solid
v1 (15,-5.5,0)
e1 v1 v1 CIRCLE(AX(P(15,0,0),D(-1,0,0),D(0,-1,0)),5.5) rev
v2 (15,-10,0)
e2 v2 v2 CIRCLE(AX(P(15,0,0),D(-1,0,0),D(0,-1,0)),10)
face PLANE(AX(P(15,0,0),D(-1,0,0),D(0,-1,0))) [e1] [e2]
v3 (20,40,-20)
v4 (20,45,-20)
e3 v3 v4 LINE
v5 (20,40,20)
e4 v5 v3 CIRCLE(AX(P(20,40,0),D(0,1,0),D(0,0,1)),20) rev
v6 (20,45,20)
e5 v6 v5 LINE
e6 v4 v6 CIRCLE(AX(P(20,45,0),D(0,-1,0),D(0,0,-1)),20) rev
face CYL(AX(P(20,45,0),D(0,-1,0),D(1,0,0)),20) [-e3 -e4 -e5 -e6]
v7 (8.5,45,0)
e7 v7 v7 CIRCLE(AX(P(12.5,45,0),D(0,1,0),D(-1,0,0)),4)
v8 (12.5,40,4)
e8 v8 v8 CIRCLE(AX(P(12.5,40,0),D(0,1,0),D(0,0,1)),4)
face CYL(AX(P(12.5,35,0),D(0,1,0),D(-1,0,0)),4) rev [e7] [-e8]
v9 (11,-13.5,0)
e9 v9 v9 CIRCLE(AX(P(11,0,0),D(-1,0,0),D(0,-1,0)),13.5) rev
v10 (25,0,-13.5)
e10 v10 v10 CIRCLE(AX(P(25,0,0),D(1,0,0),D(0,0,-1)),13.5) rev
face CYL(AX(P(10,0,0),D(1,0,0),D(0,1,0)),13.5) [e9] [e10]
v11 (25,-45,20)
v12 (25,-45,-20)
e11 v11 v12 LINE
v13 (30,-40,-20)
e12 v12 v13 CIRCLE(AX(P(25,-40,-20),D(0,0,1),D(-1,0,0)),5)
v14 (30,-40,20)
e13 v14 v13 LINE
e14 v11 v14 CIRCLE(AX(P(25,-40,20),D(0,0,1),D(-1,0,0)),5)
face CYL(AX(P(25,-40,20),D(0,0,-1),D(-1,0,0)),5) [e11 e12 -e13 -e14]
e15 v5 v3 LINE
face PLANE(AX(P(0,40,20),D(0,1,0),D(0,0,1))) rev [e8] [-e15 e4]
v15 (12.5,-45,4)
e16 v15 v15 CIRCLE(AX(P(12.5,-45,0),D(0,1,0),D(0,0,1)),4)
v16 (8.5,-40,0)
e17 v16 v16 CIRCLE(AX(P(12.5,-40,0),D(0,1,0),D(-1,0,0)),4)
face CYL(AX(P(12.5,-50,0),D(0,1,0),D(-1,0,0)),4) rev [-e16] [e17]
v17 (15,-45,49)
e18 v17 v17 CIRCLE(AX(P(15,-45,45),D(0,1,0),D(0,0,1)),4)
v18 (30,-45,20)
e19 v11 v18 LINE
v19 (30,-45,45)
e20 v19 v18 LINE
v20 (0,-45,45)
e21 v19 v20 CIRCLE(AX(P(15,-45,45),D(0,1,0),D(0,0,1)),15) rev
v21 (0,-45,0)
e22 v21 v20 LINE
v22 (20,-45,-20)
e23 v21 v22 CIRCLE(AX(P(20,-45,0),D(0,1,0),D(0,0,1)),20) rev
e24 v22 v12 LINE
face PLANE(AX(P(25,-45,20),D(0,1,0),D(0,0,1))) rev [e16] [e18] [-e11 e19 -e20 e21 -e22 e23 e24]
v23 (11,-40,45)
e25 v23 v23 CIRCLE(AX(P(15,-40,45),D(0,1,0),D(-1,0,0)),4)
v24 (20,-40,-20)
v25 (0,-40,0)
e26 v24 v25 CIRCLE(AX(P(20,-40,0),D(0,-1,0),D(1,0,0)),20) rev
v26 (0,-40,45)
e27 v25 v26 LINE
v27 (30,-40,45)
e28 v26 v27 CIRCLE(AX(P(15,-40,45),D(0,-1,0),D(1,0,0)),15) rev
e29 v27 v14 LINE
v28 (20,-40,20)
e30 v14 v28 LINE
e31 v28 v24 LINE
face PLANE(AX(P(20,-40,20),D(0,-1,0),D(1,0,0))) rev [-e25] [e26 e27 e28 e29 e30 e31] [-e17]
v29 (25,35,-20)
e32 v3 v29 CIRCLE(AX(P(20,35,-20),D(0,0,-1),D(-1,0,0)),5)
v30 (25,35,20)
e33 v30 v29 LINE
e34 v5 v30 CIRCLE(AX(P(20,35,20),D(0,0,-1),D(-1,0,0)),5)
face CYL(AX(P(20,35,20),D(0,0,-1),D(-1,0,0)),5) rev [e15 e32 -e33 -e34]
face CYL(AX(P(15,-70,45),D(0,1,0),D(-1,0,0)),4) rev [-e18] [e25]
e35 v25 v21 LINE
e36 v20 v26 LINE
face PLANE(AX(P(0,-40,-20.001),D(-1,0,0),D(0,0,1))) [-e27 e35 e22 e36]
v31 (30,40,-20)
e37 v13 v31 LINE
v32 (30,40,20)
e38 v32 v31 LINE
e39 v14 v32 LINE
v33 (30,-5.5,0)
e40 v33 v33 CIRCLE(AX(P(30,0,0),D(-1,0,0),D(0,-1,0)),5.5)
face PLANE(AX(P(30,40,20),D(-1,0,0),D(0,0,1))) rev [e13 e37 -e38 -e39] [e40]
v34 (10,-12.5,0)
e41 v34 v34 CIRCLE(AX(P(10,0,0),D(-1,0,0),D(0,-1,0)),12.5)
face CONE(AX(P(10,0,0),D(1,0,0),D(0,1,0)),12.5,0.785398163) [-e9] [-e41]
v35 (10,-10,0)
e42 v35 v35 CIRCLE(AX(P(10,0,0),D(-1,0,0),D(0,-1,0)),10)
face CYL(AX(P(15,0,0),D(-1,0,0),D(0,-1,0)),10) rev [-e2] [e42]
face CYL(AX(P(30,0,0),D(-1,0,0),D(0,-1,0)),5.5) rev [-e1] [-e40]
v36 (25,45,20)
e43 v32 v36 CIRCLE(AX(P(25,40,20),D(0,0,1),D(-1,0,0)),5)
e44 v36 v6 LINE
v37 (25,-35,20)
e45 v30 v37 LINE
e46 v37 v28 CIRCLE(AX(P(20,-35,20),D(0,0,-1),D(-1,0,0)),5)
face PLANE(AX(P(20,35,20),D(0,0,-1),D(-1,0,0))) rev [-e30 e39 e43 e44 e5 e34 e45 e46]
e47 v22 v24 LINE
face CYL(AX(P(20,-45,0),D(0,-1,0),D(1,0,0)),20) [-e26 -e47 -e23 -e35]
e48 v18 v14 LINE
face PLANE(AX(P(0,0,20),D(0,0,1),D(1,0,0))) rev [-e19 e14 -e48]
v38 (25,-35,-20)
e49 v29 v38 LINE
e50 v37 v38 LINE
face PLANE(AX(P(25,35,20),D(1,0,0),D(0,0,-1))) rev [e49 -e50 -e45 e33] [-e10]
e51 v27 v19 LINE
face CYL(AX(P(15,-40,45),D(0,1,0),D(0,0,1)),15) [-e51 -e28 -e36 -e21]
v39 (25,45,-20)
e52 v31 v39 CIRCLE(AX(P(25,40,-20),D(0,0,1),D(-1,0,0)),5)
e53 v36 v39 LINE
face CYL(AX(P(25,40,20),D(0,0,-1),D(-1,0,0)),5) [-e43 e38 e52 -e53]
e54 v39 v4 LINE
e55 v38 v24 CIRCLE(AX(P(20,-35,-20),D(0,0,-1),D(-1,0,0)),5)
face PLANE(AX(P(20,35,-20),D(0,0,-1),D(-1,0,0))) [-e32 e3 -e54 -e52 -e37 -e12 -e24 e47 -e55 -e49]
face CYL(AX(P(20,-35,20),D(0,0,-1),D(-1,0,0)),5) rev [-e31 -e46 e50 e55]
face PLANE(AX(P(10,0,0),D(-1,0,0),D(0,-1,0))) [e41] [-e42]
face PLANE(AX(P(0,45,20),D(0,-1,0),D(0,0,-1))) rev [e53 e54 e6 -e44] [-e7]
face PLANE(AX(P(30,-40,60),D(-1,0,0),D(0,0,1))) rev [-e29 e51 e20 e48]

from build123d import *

# Parameters (mm, degrees)
BOSS_EXTRUDE2_DEPTH             = 20
SKETCH2_R                       = 13.5
SKETCH2_R_2                     = 5.5
BOSS_EXTRUDE3_DEPTH             = 15
CUT_EXTRUDE1_DEPTH              = 56.226805086
CUT_EXTRUDE1_DEPTH_BACK         = 56.226805086
SKETCH2_3_R                     = 5.5
CHAMFER1_SIZE                   = 1
SKETCH3_R                       = 4
CUT_EXTRUDE2_DEPTH              = 10
FILLET2_RADIUS                  = 20
FILLET2_LENGTH                  = 5
FILLET3_RADIUS                  = 20
FILLET3_LENGTH                  = 5
SKETCH4_R                       = 4
CUT_EXTRUDE3_DEPTH              = 10
BOSS_EXTRUDE4_DEPTH             = 40
BOSS_EXTRUDE4_DIRECTION_2_REACH = 69.268
SKETCH7_R                       = 4
CUT_EXTRUDE4_DEPTH              = 30
FILLET5_RADIUS                  = 15
FILLET5_LENGTH                  = 5
SKETCH8_R                       = 10
CUT_EXTRUDE5_DEPTH              = 5


with BuildPart() as part:
    # Sketch1 → Boss-Extrude2 (new, symmetric)
    with BuildSketch(Plane.XY):
        with BuildLine():
            Line((0, 45), (25, 45))
            ThreePointArc((25, 45), (28.535533906, 43.535533906), (30, 40))
            Line((30, 40), (30, -40))
            ThreePointArc((30, -40), (28.535533906, -43.535533906), (25, -45))
            Line((25, -45), (0, -45))
            Line((0, -45), (0, -40))
            Line((0, -40), (20, -40))
            ThreePointArc((20, -40), (23.535533906, -38.535533906), (25, -35))
            Line((25, -35), (25, 35))
            ThreePointArc((25, 35), (23.535533906, 38.535533906), (20, 40))
            Line((20, 40), (0, 40))
            Line((0, 40), (0, 45))
        make_face()
    extrude(amount=BOSS_EXTRUDE2_DEPTH, both=True)

    # Sketch2 → Boss-Extrude3 (add)
    # profile 1 of 2: a face of its own
    with BuildSketch(Plane.ZY.offset(-25)):
        with Locations(Location((0, 0, 0), (0, 0, 180))):
            Circle(SKETCH2_R)
        Circle(SKETCH2_R_2, mode=Mode.SUBTRACT)
    # profile 2 of 2: a face of its own
    with BuildSketch(Plane.ZY.offset(-25)):
        Circle(SKETCH2_R_2)
    extrude(amount=BOSS_EXTRUDE3_DEPTH)

    # Sketch2<3> → Cut-Extrude1 (cut, two sides: drawn at the far end of the back side and taken through both)
    with BuildSketch(Plane.ZY.offset(-25).offset(-CUT_EXTRUDE1_DEPTH_BACK)):
        with Locations(Location((0, 0, 0), (0, 0, 270))):
            Circle(SKETCH2_3_R)
    extrude(amount=CUT_EXTRUDE1_DEPTH + CUT_EXTRUDE1_DEPTH_BACK, mode=Mode.SUBTRACT)

    # Chamfer1
    chamfer1_edges = [part.edges().sort_by_distance(p)[0] for p in [
        (10, 0, 13.5),
    ]]
    chamfer(chamfer1_edges, length=CHAMFER1_SIZE)

    # Sketch3 → Cut-Extrude2 (cut)
    with BuildSketch(Plane(origin=(0, 45, 0), x_dir=(1, 0, 0), z_dir=(0, 1, 0))):
        with Locations(Location((12.5, 0, 0), (0, 0, 180))):
            Circle(SKETCH3_R)
    extrude(amount=-CUT_EXTRUDE2_DEPTH, mode=Mode.SUBTRACT)

    # Fillet2: full round fillet: the end face becomes a half cylinder, R = half its width
    fillet2_face = Plane((0, 42.5, 0), x_dir=(0, -1, 0), z_dir=(-1, 0, 0))  # on the end face: x along it, z out of the body
    fillet2_slab = fillet2_face.offset(-FILLET2_RADIUS / 2) * Box(FILLET2_LENGTH, 2 * FILLET2_RADIUS, FILLET2_RADIUS, mode=Mode.PRIVATE)  # the body's end, R deep
    fillet2_round = Plane((20, 42.5, 0), x_dir=(-1, 0, 0), z_dir=(0, -1, 0)) * Cylinder(FILLET2_RADIUS, FILLET2_LENGTH, mode=Mode.PRIVATE)  # its axis R under the face
    add(fillet2_slab - fillet2_round, mode=Mode.SUBTRACT)

    # Fillet3: full round fillet: the end face becomes a half cylinder, R = half its width
    fillet3_face = Plane((0, -42.5, 0), x_dir=(0, -1, 0), z_dir=(-1, 0, 0))  # on the end face: x along it, z out of the body
    fillet3_slab = fillet3_face.offset(-FILLET3_RADIUS / 2) * Box(FILLET3_LENGTH, 2 * FILLET3_RADIUS, FILLET3_RADIUS, mode=Mode.PRIVATE)  # the body's end, R deep
    fillet3_round = Plane((20, -42.5, 0), x_dir=(-1, 0, 0), z_dir=(0, -1, 0)) * Cylinder(FILLET3_RADIUS, FILLET3_LENGTH, mode=Mode.PRIVATE)  # its axis R under the face
    add(fillet3_slab - fillet3_round, mode=Mode.SUBTRACT)

    # Sketch4 → Cut-Extrude3 (cut)
    with BuildSketch(Plane(origin=(0, -40, 0), x_dir=(1, 0, 0), z_dir=(0, 1, 0))):
        with Locations(Location((12.5, 0, 0), (0, 0, 180))):
            Circle(SKETCH4_R)
    extrude(amount=-CUT_EXTRUDE3_DEPTH, mode=Mode.SUBTRACT)

    # Sketch6 → Boss-Extrude4 (add)
    with BuildSketch(Plane.XY.offset(20)):
        Polygon((0, -40), (0, -45), (30, -45), (30, -40), (20, -40), align=None)
    extrude(amount=BOSS_EXTRUDE4_DEPTH)

    # Sketch6 → Boss-Extrude4 direction 2 (add, up to next)
    with BuildSketch(Plane.XY.offset(20), mode=Mode.PRIVATE) as boss_extrude4_direction_2_sk1:
        Polygon((0, -40), (0, -45), (30, -45), (30, -40), (20, -40), align=None)
    boss_extrude4_direction_2_tool1 = extrude(boss_extrude4_direction_2_sk1.sketch, amount=-BOSS_EXTRUDE4_DIRECTION_2_REACH, mode=Mode.PRIVATE) - part.part
    add(boss_extrude4_direction_2_tool1.solids().sort_by_distance((15, -42.5, 20))[0])

    # Sketch7 → Cut-Extrude4 (cut)
    with BuildSketch(Plane(origin=(0, -40, 0), x_dir=(1, 0, 0), z_dir=(0, 1, 0))):
        with Locations(Location((15, -45, 0), (0, 0, 180))):
            Circle(SKETCH7_R)
    extrude(amount=-CUT_EXTRUDE4_DEPTH, mode=Mode.SUBTRACT)

    # Fillet5: full round fillet: the end face becomes a half cylinder, R = half its width
    fillet5_face = Plane((15, -42.5, 60), x_dir=(0, -1, 0), z_dir=(0, 0, 1))  # on the end face: x along it, z out of the body
    fillet5_slab = fillet5_face.offset(-FILLET5_RADIUS / 2) * Box(FILLET5_LENGTH, 2 * FILLET5_RADIUS, FILLET5_RADIUS, mode=Mode.PRIVATE)  # the body's end, R deep
    fillet5_round = Plane((15, -42.5, 45), x_dir=(0, 0, 1), z_dir=(0, -1, 0)) * Cylinder(FILLET5_RADIUS, FILLET5_LENGTH, mode=Mode.PRIVATE)  # its axis R under the face
    add(fillet5_slab - fillet5_round, mode=Mode.SUBTRACT)

    # Sketch8 → Cut-Extrude5 (cut)
    with BuildSketch(Plane.ZY.offset(-10)):
        with Locations(Location((0, 0, 0), (0, 0, 270))):
            Circle(SKETCH8_R)
    extrude(amount=-CUT_EXTRUDE5_DEPTH, mode=Mode.SUBTRACT)


solid = part.part
